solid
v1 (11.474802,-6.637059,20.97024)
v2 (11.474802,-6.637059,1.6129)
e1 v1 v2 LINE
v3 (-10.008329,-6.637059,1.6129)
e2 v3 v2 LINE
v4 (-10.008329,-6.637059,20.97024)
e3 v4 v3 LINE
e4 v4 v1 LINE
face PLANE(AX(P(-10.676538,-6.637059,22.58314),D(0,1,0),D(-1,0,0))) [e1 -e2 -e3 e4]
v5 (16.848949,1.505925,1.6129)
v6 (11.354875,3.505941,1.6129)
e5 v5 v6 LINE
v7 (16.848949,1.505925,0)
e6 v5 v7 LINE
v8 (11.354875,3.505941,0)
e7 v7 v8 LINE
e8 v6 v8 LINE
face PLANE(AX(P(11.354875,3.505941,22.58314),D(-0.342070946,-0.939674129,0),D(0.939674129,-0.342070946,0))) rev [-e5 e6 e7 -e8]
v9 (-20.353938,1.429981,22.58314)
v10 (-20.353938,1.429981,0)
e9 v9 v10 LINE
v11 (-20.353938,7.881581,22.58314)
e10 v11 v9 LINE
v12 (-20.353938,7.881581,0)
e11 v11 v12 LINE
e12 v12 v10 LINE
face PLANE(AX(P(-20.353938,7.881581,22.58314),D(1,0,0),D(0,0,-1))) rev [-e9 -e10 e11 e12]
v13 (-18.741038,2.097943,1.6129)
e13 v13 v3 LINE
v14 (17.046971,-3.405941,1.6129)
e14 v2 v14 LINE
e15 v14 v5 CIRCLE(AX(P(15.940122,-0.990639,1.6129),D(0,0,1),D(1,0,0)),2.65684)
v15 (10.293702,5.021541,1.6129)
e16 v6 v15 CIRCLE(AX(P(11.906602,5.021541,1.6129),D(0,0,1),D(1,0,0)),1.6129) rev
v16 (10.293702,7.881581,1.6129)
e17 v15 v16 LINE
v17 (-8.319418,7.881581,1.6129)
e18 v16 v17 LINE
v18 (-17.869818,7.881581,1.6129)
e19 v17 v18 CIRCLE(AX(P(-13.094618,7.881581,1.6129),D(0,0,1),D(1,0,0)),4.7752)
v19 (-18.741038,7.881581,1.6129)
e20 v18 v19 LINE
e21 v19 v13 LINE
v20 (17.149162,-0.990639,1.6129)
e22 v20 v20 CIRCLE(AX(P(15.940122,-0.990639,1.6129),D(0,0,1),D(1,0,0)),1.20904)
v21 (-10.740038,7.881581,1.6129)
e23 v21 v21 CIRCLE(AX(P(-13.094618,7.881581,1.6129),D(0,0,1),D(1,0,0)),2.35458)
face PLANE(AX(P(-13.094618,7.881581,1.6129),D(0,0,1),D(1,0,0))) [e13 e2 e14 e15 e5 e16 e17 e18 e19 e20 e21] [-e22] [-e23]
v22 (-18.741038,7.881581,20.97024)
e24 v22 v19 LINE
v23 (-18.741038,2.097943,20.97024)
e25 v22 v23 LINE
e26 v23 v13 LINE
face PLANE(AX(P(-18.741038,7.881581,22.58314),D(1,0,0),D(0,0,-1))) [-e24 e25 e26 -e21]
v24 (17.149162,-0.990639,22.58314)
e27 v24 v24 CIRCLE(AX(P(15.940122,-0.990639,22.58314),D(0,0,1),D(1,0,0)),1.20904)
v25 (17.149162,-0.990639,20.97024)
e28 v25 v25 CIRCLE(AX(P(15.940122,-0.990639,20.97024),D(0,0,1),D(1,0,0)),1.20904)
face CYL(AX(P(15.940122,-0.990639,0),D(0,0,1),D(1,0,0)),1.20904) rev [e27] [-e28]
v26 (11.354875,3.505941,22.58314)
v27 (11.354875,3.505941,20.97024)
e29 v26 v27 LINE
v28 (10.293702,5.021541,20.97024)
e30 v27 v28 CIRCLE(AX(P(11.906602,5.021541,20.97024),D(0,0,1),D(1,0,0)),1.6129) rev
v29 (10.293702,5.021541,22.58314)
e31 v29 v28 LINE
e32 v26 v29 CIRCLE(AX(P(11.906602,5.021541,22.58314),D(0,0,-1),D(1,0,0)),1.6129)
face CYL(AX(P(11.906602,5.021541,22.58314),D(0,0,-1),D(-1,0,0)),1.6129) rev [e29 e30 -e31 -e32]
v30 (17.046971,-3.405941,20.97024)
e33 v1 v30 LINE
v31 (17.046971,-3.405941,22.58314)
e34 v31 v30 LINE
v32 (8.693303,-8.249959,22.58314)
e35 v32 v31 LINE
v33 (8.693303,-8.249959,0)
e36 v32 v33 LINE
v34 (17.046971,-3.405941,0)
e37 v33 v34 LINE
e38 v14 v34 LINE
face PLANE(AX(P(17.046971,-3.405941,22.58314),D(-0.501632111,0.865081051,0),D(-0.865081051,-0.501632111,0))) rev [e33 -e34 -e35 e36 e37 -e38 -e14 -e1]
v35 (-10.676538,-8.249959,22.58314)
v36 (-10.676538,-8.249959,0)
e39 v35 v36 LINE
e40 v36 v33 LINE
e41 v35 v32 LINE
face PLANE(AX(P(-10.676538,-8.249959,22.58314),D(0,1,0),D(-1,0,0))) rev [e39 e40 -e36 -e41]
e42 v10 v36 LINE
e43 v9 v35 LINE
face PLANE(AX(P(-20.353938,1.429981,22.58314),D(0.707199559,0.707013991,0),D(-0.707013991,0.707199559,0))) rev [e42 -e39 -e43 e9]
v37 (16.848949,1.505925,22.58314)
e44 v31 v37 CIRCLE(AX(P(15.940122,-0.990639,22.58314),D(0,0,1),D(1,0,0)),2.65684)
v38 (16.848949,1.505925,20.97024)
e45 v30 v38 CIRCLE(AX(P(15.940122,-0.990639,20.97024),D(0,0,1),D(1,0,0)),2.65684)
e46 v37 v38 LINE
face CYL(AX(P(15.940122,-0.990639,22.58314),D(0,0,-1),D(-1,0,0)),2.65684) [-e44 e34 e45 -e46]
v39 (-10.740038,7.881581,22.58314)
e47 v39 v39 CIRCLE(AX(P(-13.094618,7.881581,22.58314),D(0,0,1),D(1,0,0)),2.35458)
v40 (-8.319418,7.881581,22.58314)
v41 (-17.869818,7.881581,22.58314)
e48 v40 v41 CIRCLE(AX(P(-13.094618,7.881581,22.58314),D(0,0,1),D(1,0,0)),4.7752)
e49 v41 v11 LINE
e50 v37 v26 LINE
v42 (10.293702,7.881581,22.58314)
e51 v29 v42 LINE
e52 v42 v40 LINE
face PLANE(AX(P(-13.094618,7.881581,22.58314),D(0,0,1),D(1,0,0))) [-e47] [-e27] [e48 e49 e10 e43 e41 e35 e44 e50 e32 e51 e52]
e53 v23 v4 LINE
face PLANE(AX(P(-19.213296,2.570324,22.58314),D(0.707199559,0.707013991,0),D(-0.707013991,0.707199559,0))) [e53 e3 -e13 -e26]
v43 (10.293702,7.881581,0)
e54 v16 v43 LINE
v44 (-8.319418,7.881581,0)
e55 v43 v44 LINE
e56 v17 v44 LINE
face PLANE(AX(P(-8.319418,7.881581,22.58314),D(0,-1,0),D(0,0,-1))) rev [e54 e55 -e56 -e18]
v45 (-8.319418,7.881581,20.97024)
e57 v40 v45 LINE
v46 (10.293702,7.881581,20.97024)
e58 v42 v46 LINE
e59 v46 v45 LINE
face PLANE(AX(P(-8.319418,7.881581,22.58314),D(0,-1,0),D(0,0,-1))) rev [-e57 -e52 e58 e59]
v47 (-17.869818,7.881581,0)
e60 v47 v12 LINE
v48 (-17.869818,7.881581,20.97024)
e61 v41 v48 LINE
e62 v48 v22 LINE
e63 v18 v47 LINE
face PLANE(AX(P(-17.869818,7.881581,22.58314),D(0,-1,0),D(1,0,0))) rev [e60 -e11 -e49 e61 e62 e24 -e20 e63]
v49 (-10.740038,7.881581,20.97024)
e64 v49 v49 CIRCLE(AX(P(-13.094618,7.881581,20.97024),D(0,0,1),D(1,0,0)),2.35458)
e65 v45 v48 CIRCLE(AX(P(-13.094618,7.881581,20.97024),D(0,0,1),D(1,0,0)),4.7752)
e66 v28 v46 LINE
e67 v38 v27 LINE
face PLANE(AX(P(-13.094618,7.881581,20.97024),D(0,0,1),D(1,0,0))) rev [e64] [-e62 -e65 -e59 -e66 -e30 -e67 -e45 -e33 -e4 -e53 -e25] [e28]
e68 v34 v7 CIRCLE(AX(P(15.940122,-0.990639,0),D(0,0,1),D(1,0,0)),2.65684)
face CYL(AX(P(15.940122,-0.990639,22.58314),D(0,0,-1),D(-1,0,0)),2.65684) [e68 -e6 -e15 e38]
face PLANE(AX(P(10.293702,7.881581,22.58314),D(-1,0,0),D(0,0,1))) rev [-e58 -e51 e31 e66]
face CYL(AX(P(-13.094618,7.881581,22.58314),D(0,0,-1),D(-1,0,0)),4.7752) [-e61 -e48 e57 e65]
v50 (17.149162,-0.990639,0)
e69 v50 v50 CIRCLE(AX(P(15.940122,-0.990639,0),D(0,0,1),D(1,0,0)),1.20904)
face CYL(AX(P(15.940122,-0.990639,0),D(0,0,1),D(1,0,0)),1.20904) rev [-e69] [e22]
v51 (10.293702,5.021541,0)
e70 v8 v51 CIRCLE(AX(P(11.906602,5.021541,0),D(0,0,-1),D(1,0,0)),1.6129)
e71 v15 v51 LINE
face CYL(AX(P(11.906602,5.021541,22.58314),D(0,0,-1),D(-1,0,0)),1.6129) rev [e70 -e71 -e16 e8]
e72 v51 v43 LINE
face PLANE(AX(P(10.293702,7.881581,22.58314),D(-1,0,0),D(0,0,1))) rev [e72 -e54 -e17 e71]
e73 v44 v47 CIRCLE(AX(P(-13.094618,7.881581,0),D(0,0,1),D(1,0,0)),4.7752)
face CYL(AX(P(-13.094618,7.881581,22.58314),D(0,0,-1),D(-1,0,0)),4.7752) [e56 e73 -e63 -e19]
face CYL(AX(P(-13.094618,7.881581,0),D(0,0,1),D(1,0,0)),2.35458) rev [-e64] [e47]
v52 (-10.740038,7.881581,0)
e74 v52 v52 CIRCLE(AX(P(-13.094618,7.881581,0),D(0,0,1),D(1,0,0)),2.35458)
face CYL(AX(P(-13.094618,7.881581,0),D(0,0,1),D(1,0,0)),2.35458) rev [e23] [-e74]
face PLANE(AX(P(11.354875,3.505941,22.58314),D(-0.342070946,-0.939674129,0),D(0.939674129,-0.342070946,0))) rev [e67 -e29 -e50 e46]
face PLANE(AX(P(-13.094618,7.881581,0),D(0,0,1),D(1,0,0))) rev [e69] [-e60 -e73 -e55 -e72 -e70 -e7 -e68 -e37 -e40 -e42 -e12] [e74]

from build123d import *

# Parameters (mm, degrees)
BOSS_EXTRUDE2_DEPTH = 22.58314
SHELL3_T            = -1.6129
SKETCH2_R           = 2.35458
SKETCH2_R_2         = 1.20904
CUT_EXTRUDE1_DEPTH  = 23.58314


with BuildPart() as part:
    # Sketch1 → Boss-Extrude2 (new body)
    with BuildSketch(Plane.XY):
        with BuildLine():
            Line((-17.869818431, 7.881581433), (-20.353938431, 7.881581433))
            Line((-20.353938431, 7.881581433), (-20.353938431, 1.429981433))
            Line((-20.353938431, 1.429981433), (-10.676538431, -8.249958567))
            Line((-10.676538431, -8.249958567), (8.693302541, -8.249958567))
            Line((8.693302541, -8.249958567), (17.046970588, -3.405940625))
            ThreePointArc((17.046970588, -3.405940625), (18.594805131, -0.883615337), (16.848949341, 1.505925245))
            Line((16.848949341, 1.505925245), (11.35487534, 3.505941031))
            ThreePointArc((11.35487534, 3.505941031), (10.585366229, 4.096455714), (10.293701569, 5.021541433))
            Line((10.293701569, 5.021541433), (10.293701569, 7.881581433))
            Line((10.293701569, 7.881581433), (-8.319418431, 7.881581433))
            ThreePointArc((-8.319418431, 7.881581433), (-13.094618431, 12.656781433), (-17.869818431, 7.881581433))
        make_face()
    extrude(amount=BOSS_EXTRUDE2_DEPTH)

    # Shell3
    shell3_openings = [part.faces().sort_by_distance(p)[0] for p in [
        (0.987141569, 7.881581433, 11.29157),
        (10.293701569, 6.451561433, 11.29157),
        (10.704827342, 4.180098473, 11.29157),
        (14.10191234, 2.505933138, 11.29157),
        (17.771382548, -0.916811514, 11.29157),
        (12.870136565, -5.827949596, 11.29157),
        (-19.111878431, 7.881581433, 11.29157),
        (-13.094618431, 10.269181433, 11.29157),
    ]]
    offset(amount=SHELL3_T, openings=shell3_openings, kind=Kind.INTERSECTION)

    # Sketch2 → Cut-Extrude1 (cut, through all)
    with BuildSketch(Plane.XY.offset(22.58314)):
        with Locations((-13.094618431, 7.881581433)):
            Circle(SKETCH2_R)
        with Locations((15.940121569, -0.990638567)):
            Circle(SKETCH2_R_2)
    extrude(amount=-CUT_EXTRUDE1_DEPTH, mode=Mode.SUBTRACT)


solid = part.part
